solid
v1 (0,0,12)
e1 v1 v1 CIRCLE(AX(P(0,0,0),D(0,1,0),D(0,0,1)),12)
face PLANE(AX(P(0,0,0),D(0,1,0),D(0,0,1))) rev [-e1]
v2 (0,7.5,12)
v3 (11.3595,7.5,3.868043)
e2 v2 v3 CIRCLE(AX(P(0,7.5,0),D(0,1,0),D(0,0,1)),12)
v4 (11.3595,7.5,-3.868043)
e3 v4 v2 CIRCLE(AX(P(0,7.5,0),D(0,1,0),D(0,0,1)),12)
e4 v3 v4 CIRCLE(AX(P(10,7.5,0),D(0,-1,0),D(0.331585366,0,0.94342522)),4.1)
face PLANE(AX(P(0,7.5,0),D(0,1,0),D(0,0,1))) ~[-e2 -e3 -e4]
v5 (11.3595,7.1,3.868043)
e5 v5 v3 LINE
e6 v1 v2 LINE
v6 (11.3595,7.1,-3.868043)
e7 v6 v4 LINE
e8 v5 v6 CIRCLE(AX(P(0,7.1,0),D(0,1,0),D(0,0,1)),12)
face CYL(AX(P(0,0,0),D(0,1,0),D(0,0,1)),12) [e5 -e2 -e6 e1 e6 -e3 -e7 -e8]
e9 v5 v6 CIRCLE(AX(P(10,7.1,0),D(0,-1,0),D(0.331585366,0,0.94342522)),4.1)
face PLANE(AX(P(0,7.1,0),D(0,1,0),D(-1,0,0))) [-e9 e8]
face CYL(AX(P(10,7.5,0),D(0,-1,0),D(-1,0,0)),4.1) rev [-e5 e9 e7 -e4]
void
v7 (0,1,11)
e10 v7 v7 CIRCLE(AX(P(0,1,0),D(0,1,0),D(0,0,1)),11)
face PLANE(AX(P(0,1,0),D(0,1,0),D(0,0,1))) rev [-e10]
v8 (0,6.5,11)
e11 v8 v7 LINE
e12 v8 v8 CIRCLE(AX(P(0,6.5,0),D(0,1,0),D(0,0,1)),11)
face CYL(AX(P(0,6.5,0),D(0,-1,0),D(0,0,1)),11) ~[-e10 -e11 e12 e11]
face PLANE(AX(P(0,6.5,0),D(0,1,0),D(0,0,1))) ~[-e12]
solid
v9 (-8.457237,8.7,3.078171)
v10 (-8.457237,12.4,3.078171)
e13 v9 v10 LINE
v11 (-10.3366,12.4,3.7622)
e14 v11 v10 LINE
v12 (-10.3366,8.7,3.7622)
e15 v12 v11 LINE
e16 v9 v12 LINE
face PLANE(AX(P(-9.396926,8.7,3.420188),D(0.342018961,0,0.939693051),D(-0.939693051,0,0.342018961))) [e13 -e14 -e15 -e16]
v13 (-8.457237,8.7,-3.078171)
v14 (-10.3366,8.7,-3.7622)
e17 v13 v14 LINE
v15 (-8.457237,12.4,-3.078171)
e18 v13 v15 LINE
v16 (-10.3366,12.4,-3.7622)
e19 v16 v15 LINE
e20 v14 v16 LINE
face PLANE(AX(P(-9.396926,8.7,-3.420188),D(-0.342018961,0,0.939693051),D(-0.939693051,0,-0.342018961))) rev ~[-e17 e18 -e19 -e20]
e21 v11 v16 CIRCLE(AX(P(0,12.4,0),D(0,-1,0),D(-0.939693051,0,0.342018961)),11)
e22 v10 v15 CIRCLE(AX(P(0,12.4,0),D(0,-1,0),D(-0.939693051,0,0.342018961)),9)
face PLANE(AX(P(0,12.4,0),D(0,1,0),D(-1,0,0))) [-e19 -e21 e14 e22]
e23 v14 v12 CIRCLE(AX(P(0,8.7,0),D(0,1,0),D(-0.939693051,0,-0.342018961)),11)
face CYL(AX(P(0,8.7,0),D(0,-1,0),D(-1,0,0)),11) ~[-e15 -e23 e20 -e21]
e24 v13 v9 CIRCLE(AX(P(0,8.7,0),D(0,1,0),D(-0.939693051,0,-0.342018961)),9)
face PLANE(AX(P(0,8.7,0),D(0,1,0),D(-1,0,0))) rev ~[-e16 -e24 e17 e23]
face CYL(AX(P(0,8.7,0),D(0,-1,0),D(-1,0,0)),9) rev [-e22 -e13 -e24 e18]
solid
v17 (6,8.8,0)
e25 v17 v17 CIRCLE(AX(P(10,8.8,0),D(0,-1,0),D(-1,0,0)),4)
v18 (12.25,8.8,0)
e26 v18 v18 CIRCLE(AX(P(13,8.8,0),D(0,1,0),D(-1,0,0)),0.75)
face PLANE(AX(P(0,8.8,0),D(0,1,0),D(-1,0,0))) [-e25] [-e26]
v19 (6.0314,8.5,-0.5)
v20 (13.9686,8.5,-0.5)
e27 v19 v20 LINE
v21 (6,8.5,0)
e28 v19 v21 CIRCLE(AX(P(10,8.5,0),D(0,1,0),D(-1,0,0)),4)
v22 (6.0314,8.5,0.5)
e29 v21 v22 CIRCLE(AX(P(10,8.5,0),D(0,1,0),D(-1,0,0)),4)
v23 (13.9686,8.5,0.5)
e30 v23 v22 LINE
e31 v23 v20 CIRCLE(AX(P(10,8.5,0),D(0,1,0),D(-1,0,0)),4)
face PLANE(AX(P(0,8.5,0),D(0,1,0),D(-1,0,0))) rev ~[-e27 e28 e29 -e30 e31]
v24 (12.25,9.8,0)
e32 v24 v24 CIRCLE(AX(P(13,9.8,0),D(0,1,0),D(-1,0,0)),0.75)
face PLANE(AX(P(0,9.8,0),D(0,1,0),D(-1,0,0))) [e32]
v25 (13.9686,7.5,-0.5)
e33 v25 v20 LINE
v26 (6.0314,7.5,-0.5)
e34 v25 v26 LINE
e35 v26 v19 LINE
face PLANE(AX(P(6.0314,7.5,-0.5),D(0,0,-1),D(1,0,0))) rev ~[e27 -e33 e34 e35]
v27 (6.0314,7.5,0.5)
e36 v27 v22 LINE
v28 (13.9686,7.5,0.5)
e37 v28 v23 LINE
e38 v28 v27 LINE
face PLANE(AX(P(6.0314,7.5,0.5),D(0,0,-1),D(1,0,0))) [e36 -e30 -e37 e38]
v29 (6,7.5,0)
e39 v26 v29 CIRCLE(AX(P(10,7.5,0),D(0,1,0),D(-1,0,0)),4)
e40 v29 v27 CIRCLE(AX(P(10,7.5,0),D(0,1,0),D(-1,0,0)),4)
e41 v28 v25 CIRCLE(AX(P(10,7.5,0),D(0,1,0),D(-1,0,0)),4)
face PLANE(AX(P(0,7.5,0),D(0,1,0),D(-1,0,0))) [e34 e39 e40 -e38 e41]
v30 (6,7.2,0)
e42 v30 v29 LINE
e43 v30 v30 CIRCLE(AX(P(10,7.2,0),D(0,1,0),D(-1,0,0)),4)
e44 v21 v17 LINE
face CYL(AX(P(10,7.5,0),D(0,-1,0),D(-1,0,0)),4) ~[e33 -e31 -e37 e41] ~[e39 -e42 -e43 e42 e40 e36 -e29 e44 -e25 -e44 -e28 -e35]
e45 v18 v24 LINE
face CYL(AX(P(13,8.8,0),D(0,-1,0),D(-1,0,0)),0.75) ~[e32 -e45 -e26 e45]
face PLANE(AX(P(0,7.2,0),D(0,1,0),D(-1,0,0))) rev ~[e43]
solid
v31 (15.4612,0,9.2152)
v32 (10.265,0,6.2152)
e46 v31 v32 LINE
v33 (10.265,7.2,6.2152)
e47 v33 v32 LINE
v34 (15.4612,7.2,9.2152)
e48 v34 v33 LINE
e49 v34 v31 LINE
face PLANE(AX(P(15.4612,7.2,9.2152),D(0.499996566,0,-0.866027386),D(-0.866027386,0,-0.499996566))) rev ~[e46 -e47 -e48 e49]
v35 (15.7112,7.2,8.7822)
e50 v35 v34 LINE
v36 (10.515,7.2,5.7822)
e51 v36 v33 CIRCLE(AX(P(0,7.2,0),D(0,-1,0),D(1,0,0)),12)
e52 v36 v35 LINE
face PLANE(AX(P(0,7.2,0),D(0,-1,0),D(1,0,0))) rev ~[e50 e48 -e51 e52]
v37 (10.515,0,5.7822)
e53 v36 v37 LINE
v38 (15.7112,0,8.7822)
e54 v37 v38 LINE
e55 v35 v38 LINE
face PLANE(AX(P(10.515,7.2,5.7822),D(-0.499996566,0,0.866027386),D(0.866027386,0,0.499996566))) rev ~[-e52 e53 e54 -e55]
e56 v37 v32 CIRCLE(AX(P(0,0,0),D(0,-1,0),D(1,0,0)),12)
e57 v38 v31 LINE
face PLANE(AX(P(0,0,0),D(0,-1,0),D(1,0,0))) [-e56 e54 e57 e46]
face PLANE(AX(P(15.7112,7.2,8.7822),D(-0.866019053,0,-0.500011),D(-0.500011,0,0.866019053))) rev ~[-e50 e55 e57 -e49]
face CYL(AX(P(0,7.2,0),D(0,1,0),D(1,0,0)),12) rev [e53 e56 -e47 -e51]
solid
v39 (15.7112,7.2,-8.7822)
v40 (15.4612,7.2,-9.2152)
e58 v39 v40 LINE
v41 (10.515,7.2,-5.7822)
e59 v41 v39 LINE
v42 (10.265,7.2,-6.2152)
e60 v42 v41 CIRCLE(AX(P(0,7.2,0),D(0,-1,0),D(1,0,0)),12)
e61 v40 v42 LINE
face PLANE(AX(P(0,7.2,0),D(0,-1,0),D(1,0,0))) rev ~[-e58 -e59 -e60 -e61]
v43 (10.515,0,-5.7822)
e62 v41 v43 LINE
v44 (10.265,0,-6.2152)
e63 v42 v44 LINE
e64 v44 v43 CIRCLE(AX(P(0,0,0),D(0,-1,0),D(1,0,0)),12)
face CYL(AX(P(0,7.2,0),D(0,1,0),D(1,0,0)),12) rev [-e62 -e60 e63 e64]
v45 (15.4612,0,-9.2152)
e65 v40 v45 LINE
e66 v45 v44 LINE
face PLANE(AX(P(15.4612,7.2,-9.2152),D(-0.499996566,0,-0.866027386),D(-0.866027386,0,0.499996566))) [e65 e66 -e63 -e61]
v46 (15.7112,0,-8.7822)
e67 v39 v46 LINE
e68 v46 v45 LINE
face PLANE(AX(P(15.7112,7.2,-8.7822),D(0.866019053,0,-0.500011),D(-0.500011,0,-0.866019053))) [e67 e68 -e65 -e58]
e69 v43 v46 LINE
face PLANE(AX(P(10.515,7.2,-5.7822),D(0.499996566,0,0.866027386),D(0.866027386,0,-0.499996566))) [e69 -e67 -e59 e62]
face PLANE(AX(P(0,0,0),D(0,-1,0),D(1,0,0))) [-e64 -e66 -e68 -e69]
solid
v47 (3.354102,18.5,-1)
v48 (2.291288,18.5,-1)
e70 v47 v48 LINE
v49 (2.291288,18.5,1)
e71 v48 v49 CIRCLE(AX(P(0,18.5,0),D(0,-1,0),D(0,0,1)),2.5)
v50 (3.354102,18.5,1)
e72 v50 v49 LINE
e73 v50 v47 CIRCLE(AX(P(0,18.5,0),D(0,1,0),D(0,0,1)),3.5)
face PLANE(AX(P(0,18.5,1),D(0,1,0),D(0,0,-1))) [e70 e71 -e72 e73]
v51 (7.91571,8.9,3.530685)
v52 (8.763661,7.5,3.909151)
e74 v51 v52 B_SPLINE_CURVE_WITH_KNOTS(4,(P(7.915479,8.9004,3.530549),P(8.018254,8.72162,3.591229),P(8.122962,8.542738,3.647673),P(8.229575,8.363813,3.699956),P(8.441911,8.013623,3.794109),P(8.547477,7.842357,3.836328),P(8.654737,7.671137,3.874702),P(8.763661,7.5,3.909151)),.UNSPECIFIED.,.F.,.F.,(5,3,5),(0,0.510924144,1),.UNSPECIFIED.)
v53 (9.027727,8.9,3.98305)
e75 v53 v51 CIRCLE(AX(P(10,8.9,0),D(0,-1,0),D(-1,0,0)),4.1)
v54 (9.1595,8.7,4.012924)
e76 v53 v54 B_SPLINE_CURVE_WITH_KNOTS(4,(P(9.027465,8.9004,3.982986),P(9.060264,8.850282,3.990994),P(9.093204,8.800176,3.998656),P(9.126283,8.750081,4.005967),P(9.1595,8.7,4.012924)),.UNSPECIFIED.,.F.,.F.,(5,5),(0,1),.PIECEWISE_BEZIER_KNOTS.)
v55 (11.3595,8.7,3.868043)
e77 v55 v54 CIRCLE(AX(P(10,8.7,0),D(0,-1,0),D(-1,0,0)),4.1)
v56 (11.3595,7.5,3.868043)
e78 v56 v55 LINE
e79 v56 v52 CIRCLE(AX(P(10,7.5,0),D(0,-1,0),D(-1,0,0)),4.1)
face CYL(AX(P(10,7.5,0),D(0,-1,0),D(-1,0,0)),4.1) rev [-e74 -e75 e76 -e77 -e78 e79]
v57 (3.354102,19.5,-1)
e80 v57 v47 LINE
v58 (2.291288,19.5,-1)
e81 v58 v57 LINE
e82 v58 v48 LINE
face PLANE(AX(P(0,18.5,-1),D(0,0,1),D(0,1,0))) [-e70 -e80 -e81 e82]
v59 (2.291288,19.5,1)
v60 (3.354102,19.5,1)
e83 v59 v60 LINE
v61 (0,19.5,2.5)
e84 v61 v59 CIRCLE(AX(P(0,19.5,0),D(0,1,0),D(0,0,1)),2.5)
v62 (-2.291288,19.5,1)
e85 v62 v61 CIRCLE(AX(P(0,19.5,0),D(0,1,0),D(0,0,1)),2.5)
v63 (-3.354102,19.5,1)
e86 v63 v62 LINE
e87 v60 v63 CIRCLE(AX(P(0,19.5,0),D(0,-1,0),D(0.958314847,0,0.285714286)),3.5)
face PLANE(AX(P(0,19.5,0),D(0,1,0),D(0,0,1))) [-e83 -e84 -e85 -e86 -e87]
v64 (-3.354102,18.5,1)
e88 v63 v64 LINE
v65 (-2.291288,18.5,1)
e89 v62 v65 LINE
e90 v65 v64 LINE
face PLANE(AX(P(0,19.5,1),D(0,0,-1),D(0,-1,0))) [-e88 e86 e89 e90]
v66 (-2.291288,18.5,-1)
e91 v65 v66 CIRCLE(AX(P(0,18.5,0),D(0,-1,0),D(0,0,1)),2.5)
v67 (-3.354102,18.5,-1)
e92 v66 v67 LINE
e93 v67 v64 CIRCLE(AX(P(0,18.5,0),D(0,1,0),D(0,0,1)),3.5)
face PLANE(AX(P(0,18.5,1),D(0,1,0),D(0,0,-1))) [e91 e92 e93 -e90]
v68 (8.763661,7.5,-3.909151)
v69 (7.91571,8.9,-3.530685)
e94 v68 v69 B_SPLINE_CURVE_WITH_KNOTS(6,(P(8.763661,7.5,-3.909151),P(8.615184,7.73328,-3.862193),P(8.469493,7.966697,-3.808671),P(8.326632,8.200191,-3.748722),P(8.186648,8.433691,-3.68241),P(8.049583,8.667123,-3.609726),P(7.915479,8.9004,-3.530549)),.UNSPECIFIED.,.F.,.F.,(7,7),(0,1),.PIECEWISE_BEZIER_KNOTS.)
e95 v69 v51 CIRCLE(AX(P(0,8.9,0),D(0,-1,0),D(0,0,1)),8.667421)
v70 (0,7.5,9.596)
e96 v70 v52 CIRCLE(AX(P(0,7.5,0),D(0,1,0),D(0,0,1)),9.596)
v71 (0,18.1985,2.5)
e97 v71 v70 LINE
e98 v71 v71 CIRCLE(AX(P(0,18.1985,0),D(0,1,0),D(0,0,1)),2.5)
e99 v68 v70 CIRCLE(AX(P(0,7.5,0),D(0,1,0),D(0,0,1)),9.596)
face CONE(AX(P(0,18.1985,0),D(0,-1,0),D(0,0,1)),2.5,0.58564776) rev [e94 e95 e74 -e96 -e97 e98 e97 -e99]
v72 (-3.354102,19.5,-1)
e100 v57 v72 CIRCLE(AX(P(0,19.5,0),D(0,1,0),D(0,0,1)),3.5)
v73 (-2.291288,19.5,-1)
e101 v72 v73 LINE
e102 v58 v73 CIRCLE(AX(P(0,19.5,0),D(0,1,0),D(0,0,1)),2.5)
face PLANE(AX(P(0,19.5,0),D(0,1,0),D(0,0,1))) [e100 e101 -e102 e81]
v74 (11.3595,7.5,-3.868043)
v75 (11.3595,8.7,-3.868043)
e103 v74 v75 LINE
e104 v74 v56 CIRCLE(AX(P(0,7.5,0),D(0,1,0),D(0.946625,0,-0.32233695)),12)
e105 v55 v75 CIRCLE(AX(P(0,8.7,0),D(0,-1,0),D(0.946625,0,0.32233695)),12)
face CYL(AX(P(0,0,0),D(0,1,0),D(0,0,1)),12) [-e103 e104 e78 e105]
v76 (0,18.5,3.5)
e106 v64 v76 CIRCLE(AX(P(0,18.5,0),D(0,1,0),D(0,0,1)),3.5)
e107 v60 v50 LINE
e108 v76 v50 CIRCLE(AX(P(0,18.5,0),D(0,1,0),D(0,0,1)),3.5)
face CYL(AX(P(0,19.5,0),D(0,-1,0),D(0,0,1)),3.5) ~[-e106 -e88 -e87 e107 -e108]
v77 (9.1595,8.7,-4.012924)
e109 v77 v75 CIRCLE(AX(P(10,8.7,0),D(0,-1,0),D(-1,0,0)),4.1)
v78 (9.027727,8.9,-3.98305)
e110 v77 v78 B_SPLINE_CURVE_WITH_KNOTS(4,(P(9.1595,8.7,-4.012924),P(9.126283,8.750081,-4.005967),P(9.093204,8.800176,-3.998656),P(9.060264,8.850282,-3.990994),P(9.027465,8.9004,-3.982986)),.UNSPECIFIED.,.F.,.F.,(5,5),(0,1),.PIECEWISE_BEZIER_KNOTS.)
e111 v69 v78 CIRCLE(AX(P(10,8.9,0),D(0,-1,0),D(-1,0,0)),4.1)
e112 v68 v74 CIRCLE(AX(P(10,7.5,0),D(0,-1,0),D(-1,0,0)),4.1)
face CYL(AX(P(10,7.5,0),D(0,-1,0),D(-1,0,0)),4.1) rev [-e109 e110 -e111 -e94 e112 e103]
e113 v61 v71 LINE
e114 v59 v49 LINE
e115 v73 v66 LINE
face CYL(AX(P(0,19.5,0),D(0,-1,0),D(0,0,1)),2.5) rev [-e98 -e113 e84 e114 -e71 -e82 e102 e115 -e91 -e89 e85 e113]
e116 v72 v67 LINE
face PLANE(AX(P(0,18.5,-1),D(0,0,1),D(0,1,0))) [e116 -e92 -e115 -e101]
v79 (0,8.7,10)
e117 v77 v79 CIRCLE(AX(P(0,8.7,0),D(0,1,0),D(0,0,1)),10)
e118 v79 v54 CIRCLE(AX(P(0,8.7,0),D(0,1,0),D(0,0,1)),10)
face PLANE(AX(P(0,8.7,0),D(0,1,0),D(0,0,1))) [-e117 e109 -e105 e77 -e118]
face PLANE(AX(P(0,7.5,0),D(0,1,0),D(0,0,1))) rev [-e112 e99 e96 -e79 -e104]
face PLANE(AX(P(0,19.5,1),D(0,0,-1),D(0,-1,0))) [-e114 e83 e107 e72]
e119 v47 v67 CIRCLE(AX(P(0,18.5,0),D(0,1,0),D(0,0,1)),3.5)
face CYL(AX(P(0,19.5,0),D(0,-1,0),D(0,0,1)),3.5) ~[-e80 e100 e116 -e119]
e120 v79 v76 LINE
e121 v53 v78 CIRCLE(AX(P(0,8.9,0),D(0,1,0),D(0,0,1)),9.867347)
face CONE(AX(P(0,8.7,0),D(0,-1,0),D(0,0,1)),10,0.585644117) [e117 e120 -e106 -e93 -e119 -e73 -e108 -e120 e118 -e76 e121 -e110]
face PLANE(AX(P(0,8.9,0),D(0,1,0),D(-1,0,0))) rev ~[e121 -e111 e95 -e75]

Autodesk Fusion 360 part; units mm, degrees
sketch "Boat silouette" plane through (0, 0, 0) normal (1, 0, 0) x (0, 0, -1)
  line L0 (0, 0) -> (-12, 0)
  line L1 (-12, 0) -> (-12, 8.7)
  line L2 (-12, 8.7) -> (-10, 8.7)
  line L3 (0, 0) -> (0, 1)
  line L4 (0, 1) -> (-11, 1)
  line L5 (-3.5, 19.5) -> (-2.5, 19.5)
  line L6 (-3.5, 19.5) -> (-3.5, 18.5)
  line L7 (-10, 8.7) -> (-3.5, 18.5)
  line L8 (-2.5, 19.5) -> (-2.5, 18.1985)
  line L9 (-2.5, 18.1985) -> (-9.596, 7.5)
  line L10 (-9.596, 7.5) -> (0, 7.5)
  line L11 (0, 7.5) -> (0, 6.5)
  line L12 (0, 6.5) -> (-11, 6.5)
  line L13 (-11, 6.5) -> (-11, 1)
  line L14 (-9.596, 7.5) -> (-12, 7.5)
  dimension "d2" = 12
  dimension "d3" = 8.7
  dimension "d4" = 2
  dimension "d5" = 1
  dimension "d6" = 11
  dimension "d10" = 1
  dimension "d11" = 1
  dimension "d13" = 1
  dimension "d14" = 19.5
  dimension "d15" = 2.5
  dimension "d19" = 1
  dimension "d20" = 1.2
sketch "Tracking cap slot" plane through (0, 0, 0) normal (1, 0, 0) x (0, 0, -1)
  line L0 (1, 19.5) -> (-1, 19.5)
  line L1 (-1, 19.5) -> (-1, 18.5)
  line L2 (-1, 18.5) -> (1, 18.5)
  line L3 (1, 18.5) -> (1, 19.5)
  line L4 (1, 19.5) -> (-1, 18.5) construction
  line L5 (-1, 19.5) -> (1, 18.5) construction
  point P0 (0, 19)
  dimension "d17" = 2
  dimension "d18" = 1
sketch "Single slit hole" plane through (0, 0, 0) normal (1, 0, 0) x (0, 0, -1)
  line L0 (0.25, 8) -> (-0.25, 8)
  line L1 (-0.25, 8) -> (-0.25, 7.5)
  line L2 (-0.25, 7.5) -> (0.25, 7.5)
  line L3 (0.25, 7.5) -> (0.25, 8)
  line L4 (0.25, 8) -> (-0.25, 7.5) construction
  line L5 (-0.25, 8) -> (0.25, 7.5) construction
  point P0 (0, 7.75)
  dimension "d21" = 0.5
  dimension "d22" = 0.5
revolve "Revolve5" add sketch "Boat silouette" angle 360 about axis through (0, 1.75, 0) along (0, 1, 0) contours L0 L1 L3 L4 L10 L11 L12 L13 L14 makes body 1
revolve "Revolve6" add sketch "Boat silouette" angle 360 about axis through (0, 1.75, 0) along (0, 1, 0) separate body contours L1 L2 L5 L6 L7 L8 L9 L14 makes body 2
sketch "Nozzle and fins" plane through (0, 7.5, 0) normal (0, 1, 0) x (-1, 0, 0)
  circle A0 centre (0, 0) radius 12
  circle A1 centre (0, 0) radius 12
  circle A2 centre (0, 0) radius 10
  circle A3 centre (-10, 0) radius 4
  circle A4 centre (-10, 0) radius 4.1
  line L0 (-6.0314, 0.5) -> (-13.9686, 0.5)
  line L1 (-6.0314, -0.5) -> (-13.9686, -0.5)
  line L2 (0, 0) -> (-2.5, 0)
  dimension "d47" = 24
  dimension "d48" = 20
  dimension "d49" = 8
  dimension "d50" = 0.1
  dimension "d51" = 1
extrude "Extrude7" cut sketch "Nozzle and fins" along normal blind 1.4 and the other way blind 0.4 contours A0 A1 A2 A3 A4 | A0 A1 A3 A4 | A0 A1 A2 A3 A4 | A0 A1 A2 A3 L0 | A0 A1 A3 L0 | A2 A3 A4 | A0 A1 A3 L1 | A0 A1 A2 A3 L1 | A0 A1 A2 L0 L1 | A0 A1 A3 L0 L1 | A2 A3 L0 | A2 A3 L1 | A2 A3 L0 L1 bodies 1 2
extrude "Extrude8" add sketch "Nozzle and fins" along normal blind 1.3 and the other way blind 0.3 separate body contours A0 A1 A2 A3 L0 | A0 A1 A3 L0 | A0 A1 A3 L1 | A0 A1 A2 A3 L1 | A0 A1 A2 L0 L1 | A0 A1 A3 L0 L1 | A2 A3 L0 | A2 A3 L1 | A2 A3 L0 L1 makes body 3
extrude "Extrude9" cut sketch "Nozzle and fins" along normal blind 1 contours A0 A1 A2 L0 L1 | A0 A1 A3 L0 L1 | A2 A3 L0 L1 bodies 3
extrude "Extrude10" cut sketch "Tracking cap slot" along normal mid plane 30 bodies 2
sketch "Pin" plane through (0, 8.8, 0) normal (0, 1, 0) x (-1, 0, 0)
  circle A0 centre (-10, 0) radius 4
  circle A1 centre (-10, 0) radius 4
  circle A2 centre (-13, 0) radius 0.75
  dimension "d64" = 1.5
extrude "Extrude11" add sketch "Pin" along normal blind 1 contours A2 bodies 3
sketch "Counterweight" plane through (0, 8.7, 0) normal (0, 1, 0) x (-1, 0, 0)
  arc A0 (-11.3595, -3.868) -> (-9.1595, -4.0129) centre (-10, 0) ccw
  arc A1 (-11.3595, -3.868) -> (-11.3595, 3.868) centre (0, 0) ccw
  arc A2 (-9.1595, 4.0129) -> (-11.3595, 3.868) centre (-10, 0) ccw
  arc A3 (-9.1595, -4.0129) -> (-9.1595, 4.0129) centre (0, 0) ccw
  circle A4 centre (0, 0) radius 10
  circle A5 centre (0, 0) radius 11
  circle A6 centre (0, 0) radius 9
  line L0 (0, 0) -> (11, 0)
  line L1 (0, 0) -> (10.3366, 3.7622)
  line L2 (0, 0) -> (10.3366, -3.7622)
  dimension "d67" = 18
  dimension "d68" = 20
extrude "Extrude12" add sketch "Counterweight" along normal blind 3.7 separate body contours A3 A4 A5 L0 L2 | A3 A4 A6 L0 L2 | A3 A4 A5 L0 L1 | A3 A4 A6 L0 L1 makes body 4
sketch "Fins" plane through (0, 7.2, 0) normal (0, -1, 0) x (1, 0, 0)
  circle A0 centre (0, 0) radius 12
  line L0 (0, 0) -> (3.7136, -2.1441)
  line L1 (0, 0) -> (5.5, 0)
  line L2 (15.7112, -8.7822) -> (15.4612, -9.2152)
  line L3 (15.4612, -9.2152) -> (10.265, -6.2152)
  line L4 (10.515, -5.7822) -> (15.7112, -8.7822)
  line L5 (15.7112, -8.7822) -> (10.265, -6.2152) construction
  line L6 (15.4612, -9.2152) -> (10.515, -5.7822) construction
  line L7 (10.515, 5.7822) -> (15.7112, 8.7822)
  line L8 (15.7112, 8.7822) -> (10.265, 6.2152) construction
  line L9 (15.4612, 9.2152) -> (10.265, 6.2152)
  line L10 (15.7112, 8.7822) -> (15.4612, 9.2152)
  line L11 (15.4612, 9.2152) -> (10.515, 5.7822) construction
  line L12 (0, 0) -> (3.7136, 2.1441)
  point P0 (12.9881, -7.4987)
  point P1 (12.9881, 7.4987)
  dimension "d91" = 24
  dimension "d92" = 30
  dimension "d94" = 0.5
  dimension "d95" = 6
extrude "Extrude17" add sketch "Fins" along normal blind 7.2 separate body contours A0 L7 L9 L10 | A0 L2 L3 L4 makes body 5 at (12.2471, 4.8, -6.7822) makes body 6 at (12.2471, 4.8, 6.7822)
